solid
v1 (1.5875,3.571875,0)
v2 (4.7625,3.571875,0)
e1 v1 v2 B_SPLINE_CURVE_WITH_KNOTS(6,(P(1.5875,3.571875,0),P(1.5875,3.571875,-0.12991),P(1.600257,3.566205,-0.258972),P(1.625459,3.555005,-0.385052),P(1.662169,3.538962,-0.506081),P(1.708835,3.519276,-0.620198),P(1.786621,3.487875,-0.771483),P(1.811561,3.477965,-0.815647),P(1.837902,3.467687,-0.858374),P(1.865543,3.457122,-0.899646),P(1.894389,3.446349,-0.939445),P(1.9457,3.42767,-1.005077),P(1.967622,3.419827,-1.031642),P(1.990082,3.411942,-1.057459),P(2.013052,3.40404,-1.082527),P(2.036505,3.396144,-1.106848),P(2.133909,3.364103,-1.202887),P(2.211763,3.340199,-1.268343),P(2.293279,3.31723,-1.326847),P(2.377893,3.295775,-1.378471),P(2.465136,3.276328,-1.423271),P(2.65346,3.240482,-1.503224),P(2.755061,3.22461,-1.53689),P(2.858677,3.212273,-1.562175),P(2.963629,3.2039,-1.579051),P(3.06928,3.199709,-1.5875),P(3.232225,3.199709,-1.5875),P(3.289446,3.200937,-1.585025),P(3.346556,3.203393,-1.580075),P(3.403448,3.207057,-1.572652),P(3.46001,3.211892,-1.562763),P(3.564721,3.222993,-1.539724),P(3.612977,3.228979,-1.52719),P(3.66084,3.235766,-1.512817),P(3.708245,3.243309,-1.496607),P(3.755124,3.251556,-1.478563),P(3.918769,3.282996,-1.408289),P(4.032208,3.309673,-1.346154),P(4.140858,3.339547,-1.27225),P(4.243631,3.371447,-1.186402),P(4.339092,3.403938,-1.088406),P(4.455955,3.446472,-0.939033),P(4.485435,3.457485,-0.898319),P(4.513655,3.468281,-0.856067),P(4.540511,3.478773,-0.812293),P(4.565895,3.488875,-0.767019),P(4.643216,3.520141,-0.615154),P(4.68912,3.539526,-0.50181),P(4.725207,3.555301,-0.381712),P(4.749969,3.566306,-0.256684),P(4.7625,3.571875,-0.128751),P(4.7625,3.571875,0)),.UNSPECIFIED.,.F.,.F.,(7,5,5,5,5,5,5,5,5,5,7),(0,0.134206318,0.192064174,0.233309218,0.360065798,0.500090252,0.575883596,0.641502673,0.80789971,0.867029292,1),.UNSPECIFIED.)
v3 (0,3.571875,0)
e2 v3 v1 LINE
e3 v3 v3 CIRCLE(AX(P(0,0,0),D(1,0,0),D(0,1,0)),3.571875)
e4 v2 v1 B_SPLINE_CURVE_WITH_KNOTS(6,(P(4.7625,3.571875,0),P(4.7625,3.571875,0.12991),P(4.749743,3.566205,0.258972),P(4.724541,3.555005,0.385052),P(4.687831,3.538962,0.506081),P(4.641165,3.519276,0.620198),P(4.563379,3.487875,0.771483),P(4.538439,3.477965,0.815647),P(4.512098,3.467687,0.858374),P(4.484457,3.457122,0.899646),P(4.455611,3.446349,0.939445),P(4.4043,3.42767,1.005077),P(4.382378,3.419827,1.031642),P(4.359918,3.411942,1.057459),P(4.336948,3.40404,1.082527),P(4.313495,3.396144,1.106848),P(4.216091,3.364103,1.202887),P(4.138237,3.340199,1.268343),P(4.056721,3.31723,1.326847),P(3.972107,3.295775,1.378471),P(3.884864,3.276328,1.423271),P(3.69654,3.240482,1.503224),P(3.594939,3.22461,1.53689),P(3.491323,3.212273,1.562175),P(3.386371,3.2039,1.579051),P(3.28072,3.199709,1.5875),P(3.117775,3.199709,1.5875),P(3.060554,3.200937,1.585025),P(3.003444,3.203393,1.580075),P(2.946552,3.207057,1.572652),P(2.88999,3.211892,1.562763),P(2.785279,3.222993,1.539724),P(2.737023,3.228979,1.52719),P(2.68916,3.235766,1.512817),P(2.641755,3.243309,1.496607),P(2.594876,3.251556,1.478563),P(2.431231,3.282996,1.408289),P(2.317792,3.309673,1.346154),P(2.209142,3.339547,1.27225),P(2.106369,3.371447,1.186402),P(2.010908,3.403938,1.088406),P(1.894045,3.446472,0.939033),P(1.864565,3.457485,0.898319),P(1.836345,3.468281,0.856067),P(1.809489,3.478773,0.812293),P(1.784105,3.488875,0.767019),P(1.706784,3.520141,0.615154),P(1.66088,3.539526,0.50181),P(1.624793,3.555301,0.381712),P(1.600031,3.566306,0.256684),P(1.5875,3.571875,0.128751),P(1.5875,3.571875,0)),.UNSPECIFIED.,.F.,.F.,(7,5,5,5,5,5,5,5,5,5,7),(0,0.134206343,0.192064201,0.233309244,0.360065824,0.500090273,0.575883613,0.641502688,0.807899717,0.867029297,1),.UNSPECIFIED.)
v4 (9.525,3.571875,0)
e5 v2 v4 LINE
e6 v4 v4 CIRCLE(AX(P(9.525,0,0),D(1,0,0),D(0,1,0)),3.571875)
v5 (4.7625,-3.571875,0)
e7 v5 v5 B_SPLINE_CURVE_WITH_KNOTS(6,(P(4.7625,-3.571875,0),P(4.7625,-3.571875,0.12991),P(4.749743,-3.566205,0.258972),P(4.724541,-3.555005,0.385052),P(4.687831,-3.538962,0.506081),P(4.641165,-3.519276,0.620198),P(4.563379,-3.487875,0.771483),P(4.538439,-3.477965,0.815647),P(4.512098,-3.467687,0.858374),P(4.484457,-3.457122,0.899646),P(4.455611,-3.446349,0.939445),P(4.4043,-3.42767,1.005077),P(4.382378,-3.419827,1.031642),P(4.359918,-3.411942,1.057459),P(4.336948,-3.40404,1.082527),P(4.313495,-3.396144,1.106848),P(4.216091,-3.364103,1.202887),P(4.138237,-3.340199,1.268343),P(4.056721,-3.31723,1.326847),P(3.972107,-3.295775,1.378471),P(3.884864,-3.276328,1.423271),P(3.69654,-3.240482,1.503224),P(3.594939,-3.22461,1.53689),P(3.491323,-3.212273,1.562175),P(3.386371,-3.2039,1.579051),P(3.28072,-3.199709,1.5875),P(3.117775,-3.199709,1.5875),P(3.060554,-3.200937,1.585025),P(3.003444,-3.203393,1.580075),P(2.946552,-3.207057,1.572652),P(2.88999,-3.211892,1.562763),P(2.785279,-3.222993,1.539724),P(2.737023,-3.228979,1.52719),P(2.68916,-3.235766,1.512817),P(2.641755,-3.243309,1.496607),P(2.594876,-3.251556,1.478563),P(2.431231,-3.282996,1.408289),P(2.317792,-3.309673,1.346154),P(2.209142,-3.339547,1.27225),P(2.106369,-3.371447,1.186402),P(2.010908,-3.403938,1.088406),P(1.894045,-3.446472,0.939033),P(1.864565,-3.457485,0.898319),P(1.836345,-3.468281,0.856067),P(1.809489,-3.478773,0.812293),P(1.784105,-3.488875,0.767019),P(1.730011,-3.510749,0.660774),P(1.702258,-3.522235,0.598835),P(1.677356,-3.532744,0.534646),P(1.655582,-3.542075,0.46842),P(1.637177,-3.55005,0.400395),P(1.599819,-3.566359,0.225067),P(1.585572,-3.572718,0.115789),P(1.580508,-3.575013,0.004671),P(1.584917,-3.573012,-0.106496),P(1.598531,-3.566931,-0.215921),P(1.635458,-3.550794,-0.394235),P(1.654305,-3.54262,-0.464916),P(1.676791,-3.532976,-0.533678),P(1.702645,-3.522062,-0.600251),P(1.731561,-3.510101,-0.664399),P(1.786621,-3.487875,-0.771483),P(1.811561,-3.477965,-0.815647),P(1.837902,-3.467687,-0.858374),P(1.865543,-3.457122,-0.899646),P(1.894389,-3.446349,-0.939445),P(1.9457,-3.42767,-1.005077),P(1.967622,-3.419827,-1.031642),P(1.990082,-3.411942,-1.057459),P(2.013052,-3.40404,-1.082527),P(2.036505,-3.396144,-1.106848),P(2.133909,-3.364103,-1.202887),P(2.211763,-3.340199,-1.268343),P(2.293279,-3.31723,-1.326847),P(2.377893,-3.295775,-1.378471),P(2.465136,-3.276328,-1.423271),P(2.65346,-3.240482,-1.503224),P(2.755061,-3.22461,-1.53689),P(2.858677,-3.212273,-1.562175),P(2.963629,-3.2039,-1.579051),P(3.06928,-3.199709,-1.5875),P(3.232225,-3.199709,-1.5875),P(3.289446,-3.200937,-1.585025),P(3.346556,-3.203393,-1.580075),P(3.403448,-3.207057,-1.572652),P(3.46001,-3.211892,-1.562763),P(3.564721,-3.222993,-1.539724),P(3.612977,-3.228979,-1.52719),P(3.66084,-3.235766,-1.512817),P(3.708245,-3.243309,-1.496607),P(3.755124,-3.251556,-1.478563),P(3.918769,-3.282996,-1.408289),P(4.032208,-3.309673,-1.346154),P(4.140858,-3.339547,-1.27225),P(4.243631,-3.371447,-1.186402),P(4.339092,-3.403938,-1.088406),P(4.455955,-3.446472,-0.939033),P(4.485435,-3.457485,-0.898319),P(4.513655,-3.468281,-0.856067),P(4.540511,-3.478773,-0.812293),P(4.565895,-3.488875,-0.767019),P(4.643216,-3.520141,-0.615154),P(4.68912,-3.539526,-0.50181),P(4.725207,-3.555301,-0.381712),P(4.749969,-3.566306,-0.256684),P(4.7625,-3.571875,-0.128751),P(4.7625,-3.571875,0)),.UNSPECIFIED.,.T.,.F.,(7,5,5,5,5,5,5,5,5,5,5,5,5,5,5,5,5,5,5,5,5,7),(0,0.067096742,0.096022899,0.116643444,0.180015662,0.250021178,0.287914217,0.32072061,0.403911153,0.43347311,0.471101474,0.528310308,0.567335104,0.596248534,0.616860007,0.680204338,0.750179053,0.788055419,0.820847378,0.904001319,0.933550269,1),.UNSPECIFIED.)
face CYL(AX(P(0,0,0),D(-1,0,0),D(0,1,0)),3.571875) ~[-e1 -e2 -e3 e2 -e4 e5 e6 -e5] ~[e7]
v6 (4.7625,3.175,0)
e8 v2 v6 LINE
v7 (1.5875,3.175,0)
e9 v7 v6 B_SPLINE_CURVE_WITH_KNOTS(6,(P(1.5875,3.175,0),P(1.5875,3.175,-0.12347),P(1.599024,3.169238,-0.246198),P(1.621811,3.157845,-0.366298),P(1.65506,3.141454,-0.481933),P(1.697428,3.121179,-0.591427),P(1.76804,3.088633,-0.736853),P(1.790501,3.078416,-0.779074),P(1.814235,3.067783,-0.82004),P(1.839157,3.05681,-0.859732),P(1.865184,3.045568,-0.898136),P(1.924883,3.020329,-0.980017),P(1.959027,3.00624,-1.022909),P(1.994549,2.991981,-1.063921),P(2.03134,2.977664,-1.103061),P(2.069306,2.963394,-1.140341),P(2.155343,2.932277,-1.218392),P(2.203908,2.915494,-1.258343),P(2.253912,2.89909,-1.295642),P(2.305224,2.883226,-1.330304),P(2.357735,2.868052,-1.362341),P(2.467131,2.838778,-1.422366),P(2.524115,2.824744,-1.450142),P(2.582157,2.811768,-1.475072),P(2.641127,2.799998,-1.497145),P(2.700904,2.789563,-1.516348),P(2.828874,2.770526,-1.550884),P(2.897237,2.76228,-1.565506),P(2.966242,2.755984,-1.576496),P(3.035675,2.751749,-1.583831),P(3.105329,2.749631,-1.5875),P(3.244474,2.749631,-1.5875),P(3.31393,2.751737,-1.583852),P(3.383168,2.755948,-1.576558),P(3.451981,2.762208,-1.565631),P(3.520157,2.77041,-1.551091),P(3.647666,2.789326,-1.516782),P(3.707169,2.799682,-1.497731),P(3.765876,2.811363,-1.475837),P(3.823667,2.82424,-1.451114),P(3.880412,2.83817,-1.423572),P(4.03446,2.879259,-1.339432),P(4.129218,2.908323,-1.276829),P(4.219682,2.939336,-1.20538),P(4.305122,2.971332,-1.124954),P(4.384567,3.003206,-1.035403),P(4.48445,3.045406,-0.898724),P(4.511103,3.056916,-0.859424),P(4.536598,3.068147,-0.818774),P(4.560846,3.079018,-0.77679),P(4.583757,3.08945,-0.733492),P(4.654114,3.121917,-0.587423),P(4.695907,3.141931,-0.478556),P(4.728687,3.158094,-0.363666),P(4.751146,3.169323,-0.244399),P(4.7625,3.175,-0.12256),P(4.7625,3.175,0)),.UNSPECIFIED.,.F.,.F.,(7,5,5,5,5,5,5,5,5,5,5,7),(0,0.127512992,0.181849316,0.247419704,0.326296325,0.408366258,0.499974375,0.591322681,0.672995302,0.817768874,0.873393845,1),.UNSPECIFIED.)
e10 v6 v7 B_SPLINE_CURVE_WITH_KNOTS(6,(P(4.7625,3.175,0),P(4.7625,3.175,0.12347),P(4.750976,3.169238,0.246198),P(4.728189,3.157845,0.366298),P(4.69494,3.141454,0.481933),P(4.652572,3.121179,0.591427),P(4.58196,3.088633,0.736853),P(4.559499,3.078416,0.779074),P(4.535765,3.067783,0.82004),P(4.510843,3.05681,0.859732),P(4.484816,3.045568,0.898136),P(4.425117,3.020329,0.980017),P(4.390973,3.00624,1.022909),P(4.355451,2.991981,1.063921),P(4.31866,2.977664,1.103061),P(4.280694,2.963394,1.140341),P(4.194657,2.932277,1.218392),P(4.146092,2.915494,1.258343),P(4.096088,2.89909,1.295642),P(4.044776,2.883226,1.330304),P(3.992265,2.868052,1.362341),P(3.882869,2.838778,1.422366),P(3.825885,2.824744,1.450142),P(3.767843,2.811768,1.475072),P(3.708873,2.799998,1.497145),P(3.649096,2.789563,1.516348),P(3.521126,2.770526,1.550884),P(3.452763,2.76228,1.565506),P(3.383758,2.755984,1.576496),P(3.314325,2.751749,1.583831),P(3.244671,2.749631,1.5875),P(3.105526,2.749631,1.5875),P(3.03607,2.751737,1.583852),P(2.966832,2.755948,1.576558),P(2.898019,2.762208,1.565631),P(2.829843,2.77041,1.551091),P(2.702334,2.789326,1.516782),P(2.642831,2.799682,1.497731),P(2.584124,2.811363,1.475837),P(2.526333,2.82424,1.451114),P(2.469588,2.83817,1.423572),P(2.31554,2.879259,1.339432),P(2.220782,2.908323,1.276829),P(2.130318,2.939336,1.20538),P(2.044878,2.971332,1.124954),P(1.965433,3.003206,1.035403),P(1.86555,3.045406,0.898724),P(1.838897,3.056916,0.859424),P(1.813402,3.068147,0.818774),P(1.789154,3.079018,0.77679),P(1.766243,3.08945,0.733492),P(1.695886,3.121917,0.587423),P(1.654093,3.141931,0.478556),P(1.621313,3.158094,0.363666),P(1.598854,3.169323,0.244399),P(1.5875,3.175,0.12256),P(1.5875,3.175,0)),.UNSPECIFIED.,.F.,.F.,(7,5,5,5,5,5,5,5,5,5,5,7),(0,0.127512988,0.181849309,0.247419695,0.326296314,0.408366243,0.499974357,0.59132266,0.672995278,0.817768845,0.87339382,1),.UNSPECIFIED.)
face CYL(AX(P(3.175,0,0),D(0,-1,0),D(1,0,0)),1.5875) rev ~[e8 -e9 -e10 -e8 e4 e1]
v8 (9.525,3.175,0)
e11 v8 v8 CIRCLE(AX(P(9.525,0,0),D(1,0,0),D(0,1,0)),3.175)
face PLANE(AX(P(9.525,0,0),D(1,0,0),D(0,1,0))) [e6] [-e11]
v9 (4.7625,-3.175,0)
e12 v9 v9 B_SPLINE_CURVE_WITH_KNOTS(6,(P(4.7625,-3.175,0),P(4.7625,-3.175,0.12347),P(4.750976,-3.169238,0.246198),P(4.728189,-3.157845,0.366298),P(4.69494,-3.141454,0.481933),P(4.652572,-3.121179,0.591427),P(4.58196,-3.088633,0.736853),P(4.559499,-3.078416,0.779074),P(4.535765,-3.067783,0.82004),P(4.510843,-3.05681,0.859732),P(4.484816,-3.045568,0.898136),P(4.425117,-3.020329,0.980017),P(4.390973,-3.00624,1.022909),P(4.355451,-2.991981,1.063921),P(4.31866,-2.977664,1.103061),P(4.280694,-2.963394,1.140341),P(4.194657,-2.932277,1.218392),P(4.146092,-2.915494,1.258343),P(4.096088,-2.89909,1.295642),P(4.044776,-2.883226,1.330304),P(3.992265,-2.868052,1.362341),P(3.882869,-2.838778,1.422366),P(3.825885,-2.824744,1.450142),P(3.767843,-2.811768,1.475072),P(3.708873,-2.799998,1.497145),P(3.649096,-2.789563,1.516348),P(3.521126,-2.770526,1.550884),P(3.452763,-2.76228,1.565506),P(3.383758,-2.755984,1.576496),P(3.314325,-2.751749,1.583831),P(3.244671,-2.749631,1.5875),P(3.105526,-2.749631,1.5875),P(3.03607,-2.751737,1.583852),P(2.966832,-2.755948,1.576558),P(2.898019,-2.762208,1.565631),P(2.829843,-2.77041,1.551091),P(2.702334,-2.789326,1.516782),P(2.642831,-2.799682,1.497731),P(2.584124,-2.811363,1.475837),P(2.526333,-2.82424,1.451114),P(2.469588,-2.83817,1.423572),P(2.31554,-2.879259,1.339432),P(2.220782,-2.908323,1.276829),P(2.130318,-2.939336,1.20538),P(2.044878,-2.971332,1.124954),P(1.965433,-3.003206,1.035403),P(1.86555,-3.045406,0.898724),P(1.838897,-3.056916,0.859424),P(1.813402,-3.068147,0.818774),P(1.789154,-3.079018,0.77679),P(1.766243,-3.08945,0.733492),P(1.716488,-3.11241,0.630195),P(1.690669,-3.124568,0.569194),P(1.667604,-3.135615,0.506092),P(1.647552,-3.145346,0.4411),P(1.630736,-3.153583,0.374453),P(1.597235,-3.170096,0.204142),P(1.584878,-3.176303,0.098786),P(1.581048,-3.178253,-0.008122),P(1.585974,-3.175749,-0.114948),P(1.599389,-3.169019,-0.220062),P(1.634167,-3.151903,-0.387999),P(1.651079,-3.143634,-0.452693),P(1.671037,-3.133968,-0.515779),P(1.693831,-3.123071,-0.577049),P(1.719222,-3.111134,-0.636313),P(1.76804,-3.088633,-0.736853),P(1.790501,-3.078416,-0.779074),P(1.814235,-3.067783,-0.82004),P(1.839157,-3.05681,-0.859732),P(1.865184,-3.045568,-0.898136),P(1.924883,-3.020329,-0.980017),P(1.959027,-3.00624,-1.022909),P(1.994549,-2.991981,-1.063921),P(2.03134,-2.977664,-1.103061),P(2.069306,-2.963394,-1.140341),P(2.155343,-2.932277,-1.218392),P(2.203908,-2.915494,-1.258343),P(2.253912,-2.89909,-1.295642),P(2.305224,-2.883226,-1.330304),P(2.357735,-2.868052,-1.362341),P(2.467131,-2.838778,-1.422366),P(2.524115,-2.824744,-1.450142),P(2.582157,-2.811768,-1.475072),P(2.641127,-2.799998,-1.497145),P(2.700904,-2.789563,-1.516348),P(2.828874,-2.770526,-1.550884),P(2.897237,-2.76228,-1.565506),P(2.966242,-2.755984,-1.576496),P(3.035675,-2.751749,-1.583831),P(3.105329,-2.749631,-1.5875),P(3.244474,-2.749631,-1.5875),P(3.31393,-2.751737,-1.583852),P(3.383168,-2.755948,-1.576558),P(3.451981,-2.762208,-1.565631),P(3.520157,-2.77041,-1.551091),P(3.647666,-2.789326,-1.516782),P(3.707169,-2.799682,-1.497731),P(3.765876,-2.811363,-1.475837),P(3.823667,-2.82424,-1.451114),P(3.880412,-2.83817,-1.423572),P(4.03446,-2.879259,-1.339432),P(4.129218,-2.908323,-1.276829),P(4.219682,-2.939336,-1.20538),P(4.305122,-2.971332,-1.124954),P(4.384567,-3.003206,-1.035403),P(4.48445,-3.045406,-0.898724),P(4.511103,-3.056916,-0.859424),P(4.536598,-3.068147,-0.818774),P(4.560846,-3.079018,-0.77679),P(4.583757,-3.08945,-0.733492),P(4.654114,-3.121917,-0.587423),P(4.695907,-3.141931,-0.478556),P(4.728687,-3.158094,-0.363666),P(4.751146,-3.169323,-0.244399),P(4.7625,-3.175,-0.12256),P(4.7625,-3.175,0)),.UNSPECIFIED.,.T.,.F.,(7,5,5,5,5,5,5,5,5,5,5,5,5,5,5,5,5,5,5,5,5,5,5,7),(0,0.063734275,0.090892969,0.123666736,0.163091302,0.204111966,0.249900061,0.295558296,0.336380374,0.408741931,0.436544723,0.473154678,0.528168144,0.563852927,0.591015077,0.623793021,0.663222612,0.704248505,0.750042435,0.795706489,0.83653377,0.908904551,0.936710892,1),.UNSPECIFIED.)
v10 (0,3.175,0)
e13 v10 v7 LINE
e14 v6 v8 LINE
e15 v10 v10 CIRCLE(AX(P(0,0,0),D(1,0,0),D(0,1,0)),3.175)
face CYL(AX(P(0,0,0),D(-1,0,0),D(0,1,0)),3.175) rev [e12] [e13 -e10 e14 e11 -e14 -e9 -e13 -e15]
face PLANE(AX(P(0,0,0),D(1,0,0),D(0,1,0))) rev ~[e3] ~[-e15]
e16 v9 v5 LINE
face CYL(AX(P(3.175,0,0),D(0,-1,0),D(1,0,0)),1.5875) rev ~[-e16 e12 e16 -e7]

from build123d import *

# Parameters (mm, degrees)
F0_R     = 3.571875
F0_R_2   = 3.175
F1_DEPTH = 9.525
F2_R     = 1.5875
F3_DEPTH = 12.7


with BuildPart() as f1:
    # F0 (on Right) → F1 (new body)
    with BuildSketch(Plane.YZ):
        Circle(F0_R)
        Circle(F0_R_2, mode=Mode.SUBTRACT)
    extrude(amount=F1_DEPTH)

    # F2 (on Front) → F3 (cut, symmetric)
    with BuildSketch(Plane.XZ):
        with Locations((3.175, 0)):
            Circle(F2_R)
    extrude(amount=F3_DEPTH, both=True, mode=Mode.SUBTRACT)


solid = f1.part
